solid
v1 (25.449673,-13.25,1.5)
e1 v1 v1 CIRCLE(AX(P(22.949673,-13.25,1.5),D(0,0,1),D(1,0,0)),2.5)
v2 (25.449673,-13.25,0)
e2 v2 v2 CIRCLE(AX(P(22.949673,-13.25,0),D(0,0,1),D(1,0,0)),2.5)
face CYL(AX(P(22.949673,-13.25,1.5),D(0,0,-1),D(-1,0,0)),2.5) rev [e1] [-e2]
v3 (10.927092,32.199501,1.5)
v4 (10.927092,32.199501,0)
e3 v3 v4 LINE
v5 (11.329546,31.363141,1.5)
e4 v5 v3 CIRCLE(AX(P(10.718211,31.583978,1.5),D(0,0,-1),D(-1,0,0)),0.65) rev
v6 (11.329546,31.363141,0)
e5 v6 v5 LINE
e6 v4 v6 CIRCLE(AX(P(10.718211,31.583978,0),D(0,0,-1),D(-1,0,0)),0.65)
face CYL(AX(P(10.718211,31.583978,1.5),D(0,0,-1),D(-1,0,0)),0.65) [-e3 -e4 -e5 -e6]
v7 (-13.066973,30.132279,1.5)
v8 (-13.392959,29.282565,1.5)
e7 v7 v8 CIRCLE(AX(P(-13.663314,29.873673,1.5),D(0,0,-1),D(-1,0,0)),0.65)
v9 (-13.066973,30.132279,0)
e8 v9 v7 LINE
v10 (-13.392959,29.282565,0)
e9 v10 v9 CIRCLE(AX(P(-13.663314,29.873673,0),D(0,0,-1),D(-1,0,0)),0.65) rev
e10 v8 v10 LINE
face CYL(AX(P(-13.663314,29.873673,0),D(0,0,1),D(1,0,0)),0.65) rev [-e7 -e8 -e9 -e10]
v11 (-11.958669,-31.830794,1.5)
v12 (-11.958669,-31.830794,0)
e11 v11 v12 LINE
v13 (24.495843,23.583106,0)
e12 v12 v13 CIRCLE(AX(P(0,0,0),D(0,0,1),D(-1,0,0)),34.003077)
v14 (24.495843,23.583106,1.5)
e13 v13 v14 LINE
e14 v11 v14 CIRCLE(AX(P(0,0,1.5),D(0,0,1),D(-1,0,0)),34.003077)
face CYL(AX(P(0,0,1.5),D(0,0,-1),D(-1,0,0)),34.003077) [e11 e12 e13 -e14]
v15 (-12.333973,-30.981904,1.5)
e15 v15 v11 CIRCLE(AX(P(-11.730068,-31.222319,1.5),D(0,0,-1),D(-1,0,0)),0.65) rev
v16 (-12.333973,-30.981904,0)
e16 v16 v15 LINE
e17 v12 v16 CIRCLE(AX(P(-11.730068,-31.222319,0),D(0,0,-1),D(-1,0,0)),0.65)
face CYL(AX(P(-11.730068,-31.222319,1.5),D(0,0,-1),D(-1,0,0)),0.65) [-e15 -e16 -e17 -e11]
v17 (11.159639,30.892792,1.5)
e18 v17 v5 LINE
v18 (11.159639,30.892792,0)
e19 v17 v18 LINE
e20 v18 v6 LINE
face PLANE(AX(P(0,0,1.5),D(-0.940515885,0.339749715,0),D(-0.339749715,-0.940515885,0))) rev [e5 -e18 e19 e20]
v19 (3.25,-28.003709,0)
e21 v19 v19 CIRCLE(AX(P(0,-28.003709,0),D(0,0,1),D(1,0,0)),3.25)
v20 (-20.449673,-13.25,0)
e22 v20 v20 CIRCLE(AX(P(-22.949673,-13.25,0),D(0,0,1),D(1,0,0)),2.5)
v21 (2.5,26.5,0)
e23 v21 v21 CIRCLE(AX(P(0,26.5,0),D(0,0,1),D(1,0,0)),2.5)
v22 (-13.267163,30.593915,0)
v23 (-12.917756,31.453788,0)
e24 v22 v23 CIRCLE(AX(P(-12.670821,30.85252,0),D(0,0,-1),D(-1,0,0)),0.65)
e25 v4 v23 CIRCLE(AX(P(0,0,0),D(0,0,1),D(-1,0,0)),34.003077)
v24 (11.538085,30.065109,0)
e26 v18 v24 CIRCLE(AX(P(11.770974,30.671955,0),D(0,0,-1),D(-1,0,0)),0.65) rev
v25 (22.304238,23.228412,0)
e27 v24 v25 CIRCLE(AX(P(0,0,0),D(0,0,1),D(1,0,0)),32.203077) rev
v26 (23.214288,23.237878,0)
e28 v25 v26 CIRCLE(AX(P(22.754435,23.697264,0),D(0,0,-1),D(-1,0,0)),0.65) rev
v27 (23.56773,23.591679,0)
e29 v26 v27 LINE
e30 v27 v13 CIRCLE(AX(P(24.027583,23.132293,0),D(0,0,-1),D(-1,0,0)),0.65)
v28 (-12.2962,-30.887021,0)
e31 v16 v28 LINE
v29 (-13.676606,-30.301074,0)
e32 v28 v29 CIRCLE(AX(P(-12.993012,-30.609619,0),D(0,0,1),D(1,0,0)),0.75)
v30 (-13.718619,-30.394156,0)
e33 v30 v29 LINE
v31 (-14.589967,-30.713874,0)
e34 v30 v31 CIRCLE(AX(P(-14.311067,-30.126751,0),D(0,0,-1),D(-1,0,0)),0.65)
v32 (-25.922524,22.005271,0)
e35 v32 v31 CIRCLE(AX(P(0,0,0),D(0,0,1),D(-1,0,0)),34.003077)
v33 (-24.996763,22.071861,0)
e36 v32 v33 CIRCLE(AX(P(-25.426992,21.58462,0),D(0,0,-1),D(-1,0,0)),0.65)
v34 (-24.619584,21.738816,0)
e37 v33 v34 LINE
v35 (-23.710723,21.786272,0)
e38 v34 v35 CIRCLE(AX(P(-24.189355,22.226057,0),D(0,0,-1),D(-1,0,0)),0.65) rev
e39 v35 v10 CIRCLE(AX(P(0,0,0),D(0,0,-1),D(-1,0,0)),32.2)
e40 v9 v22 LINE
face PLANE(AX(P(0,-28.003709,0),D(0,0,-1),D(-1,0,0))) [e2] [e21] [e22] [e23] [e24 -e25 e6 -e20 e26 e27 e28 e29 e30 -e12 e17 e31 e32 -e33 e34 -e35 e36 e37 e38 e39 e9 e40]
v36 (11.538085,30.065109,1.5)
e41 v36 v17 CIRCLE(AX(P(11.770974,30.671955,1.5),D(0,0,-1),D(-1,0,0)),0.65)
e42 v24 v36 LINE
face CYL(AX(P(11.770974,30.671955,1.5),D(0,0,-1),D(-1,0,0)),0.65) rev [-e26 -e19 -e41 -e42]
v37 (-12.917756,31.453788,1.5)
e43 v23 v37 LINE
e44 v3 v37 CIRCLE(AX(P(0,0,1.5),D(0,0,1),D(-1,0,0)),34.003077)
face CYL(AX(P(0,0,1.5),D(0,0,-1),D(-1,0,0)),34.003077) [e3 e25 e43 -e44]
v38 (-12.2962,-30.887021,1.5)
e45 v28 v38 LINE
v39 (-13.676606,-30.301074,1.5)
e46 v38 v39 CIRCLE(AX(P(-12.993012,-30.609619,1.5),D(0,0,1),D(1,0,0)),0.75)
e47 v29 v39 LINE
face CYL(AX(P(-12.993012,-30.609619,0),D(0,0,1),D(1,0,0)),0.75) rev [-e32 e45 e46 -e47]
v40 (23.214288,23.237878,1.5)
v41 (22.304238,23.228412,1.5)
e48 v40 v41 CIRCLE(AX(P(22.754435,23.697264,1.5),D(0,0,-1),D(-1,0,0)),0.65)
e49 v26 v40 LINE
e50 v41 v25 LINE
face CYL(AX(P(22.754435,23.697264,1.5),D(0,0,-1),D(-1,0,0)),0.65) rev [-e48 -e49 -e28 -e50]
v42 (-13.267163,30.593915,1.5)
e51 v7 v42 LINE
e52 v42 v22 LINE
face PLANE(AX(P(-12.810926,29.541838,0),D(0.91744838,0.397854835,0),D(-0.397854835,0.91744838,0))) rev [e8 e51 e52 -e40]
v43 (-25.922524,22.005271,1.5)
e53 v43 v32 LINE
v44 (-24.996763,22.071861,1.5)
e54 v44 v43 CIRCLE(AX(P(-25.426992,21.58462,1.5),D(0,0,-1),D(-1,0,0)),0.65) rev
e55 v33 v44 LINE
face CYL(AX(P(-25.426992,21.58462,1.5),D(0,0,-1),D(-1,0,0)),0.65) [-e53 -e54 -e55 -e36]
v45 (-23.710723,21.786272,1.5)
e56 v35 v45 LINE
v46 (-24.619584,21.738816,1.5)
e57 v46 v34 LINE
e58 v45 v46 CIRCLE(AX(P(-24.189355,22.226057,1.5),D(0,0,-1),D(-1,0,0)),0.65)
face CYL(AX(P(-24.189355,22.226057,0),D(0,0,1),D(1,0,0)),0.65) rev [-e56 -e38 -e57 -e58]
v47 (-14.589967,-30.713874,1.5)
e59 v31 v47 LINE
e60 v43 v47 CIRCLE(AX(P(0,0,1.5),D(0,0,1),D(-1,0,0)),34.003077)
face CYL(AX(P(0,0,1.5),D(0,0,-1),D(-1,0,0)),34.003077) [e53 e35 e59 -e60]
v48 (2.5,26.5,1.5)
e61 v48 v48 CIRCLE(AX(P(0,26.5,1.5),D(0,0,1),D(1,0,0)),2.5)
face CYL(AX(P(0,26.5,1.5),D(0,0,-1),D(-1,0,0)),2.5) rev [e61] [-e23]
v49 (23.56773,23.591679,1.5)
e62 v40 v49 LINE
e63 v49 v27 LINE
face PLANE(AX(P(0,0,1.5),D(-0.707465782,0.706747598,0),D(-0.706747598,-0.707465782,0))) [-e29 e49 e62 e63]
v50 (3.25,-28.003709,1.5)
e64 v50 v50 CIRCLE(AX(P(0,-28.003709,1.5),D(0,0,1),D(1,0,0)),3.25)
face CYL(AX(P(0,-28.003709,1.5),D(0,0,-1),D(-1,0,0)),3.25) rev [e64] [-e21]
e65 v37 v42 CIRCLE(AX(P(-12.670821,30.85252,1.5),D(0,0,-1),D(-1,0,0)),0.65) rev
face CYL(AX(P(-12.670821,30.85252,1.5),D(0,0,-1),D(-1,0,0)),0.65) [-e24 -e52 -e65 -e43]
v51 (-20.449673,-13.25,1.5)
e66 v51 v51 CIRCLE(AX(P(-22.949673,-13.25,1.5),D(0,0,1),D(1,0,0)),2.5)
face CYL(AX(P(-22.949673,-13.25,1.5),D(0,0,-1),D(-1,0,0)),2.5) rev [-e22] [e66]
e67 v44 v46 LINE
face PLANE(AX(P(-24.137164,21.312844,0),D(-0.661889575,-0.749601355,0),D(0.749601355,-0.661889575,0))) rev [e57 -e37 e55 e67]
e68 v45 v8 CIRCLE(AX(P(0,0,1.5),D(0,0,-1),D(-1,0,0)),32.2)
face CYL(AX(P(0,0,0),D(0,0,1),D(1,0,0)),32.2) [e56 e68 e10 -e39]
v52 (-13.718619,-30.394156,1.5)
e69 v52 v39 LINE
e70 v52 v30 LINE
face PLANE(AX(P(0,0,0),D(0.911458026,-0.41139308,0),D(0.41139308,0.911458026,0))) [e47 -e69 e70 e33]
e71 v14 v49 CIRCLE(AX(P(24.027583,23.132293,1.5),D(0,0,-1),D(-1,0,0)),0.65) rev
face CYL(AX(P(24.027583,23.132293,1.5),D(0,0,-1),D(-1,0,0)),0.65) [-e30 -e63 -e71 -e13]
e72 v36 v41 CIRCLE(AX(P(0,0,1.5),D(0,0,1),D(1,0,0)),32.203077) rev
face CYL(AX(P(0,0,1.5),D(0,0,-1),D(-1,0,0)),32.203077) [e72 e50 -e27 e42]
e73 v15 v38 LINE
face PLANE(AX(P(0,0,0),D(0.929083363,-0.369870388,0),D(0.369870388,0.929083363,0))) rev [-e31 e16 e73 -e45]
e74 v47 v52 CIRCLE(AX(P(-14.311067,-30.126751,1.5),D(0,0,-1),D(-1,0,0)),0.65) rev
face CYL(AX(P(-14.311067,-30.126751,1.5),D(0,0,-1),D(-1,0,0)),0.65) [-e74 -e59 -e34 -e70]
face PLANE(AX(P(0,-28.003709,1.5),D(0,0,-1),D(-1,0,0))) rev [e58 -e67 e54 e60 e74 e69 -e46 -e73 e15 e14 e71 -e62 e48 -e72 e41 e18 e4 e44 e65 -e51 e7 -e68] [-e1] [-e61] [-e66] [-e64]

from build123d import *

# Parameters (mm, degrees)
SALIENTE_EXTRUIR2_DEPTH = 1.5
CROQUIS5_R              = 34.003076767
CROQUIS5_R_2            = 3.25
SALIENTE_EXTRUIR3_DEPTH = 1.5
CORTAR_EXTRUIR6_DEPTH   = 1.5
REDONDEO2_R             = 0.65
CORTAR_EXTRUIR7_START   = -1.5
CORTAR_EXTRUIR7_DEPTH   = 1.5
REDONDEO3_R             = 0.65
CORTAR_EXTRUIR8_START   = -1.5
CORTAR_EXTRUIR8_DEPTH   = 1.5
REDONDEO4_R             = 0.65
CROQUIS9_R              = 2.5
CORTAR_EXTRUIR10_DEPTH  = 49.111001436


with BuildPart() as part:
    # Croquis3 → Saliente-Extruir2 (new body)
    with BuildSketch(Plane.XY):
        with BuildLine():
            Line((-5.157307796, -27.019308404), (-6.280793024, -32.905285166))
            ThreePointArc((-6.280793024, -32.905285166), (-6.494024336, -33.227196877), (-6.872990522, -33.301219661))
            ThreePointArc((-6.872990522, -33.301219661), (0, 34.003076767), (6.872990522, -33.301219661))
            ThreePointArc((6.872990522, -33.301219661), (6.494024336, -33.227196877), (6.280793024, -32.905285166))
            Line((6.280793024, -32.905285166), (5.157307796, -27.019308404))
            ThreePointArc((5.157307796, -27.019308404), (0, -22.753293006), (-5.157307796, -27.019308404))
        make_face()
    extrude(amount=SALIENTE_EXTRUIR2_DEPTH)

    # Croquis5 → Saliente-Extruir3 (add)
    with BuildSketch(Plane.XY):
        with Locations(Location((0, 0, 0), (0, 0, 180))):
            Circle(CROQUIS5_R)
        with Locations((0, -28.003709015)):
            Circle(CROQUIS5_R_2, mode=Mode.SUBTRACT)
    extrude(amount=SALIENTE_EXTRUIR3_DEPTH)

    # Croquis4 → Cortar-Extruir6 (cut)
    with BuildSketch(Plane.XY):
        with BuildLine():
            ThreePointArc((10.940986169, 30.28750526), (17.262989212, 27.1850576), (22.759447155, 22.782574886))
            Line((22.759447155, 22.782574886), (24.031592832, 24.056013293))
            ThreePointArc((24.031592832, 24.056013293), (18.227908832, 28.704574012), (11.552535657, 31.980433854))
            Line((11.552535657, 31.980433854), (10.940986169, 30.28750526))
        make_face()
    extrude(amount=CORTAR_EXTRUIR6_DEPTH, mode=Mode.SUBTRACT)

    # Redondeo2
    redondeo2_edges = [part.edges().sort_by_distance(p)[0] for p in [
        (11.552535657, 31.980433854, 0.75),
        (10.940986169, 30.28750526, 0.75),
        (22.759447155, 22.782574886, 0.75),
        (24.031592832, 24.056013293, 0.75),
    ]]
    fillet(redondeo2_edges, radius=REDONDEO2_R)

    # Croquis6 → Cortar-Extruir7 (cut)
    with BuildSketch(Plane.XY.offset(1.5).offset(CORTAR_EXTRUIR7_START)):
        with BuildLine():
            Line((-24.137163622, 21.312844303), (-25.488752409, 22.506282018))
            ThreePointArc((-25.488752409, 22.506282018), (-19.986507056, 27.509066965), (-13.528288511, 31.196067694))
            Line((-13.528288511, 31.196067694), (-12.8109257, 29.541837835))
            ThreePointArc((-12.8109257, 29.541837835), (-18.926685124, 26.050347219), (-24.137163622, 21.312844303))
        make_face()
    extrude(amount=CORTAR_EXTRUIR7_DEPTH, mode=Mode.SUBTRACT)

    # Redondeo3
    redondeo3_edges = [part.edges().sort_by_distance(p)[0] for p in [
        (-12.8109257, 29.541837835, 0.75),
        (-24.137163622, 21.312844303, 0.75),
        (-25.488752409, 22.506282018, 0.75),
        (-13.528288511, 31.196067694, 0.75),
    ]]
    fillet(redondeo3_edges, radius=REDONDEO3_R)

    # Croquis7 → Cortar-Extruir8 (cut)
    with BuildSketch(Plane.XY.offset(1.5).offset(CORTAR_EXTRUIR8_START)):
        with BuildLine():
            Line((-13.67660573, -30.301073746), (-13.98863049, -30.992377234))
            ThreePointArc((-13.98863049, -30.992377234), (-13.286060557, -31.299997196), (-12.57673119, -31.59169293))
            Line((-12.57673119, -31.59169293), (-12.296199688, -30.887021347))
            ThreePointArc((-12.296199688, -30.887021347), (-12.699963864, -29.919239916), (-13.67660573, -30.301073746))
        make_face()
    extrude(amount=CORTAR_EXTRUIR8_DEPTH, mode=Mode.SUBTRACT)

    # Redondeo4
    redondeo4_edges = [part.edges().sort_by_distance(p)[0] for p in [
        (-12.57673119, -31.59169293, 0.75),
        (-13.98863049, -30.992377234, 0.75),
    ]]
    fillet(redondeo4_edges, radius=REDONDEO4_R)

    # Croquis9 → Cortar-Extruir10 (cut, through all)
    with BuildSketch(Plane.XY):
        with Locations((-22.9496732, -13.25)):
            Circle(CROQUIS9_R)
        with Locations((22.9496732, -13.25)):
            Circle(CROQUIS9_R)
        with Locations((0, 26.5)):
            Circle(CROQUIS9_R)
    extrude(amount=CORTAR_EXTRUIR10_DEPTH, mode=Mode.SUBTRACT)


solid = part.part
